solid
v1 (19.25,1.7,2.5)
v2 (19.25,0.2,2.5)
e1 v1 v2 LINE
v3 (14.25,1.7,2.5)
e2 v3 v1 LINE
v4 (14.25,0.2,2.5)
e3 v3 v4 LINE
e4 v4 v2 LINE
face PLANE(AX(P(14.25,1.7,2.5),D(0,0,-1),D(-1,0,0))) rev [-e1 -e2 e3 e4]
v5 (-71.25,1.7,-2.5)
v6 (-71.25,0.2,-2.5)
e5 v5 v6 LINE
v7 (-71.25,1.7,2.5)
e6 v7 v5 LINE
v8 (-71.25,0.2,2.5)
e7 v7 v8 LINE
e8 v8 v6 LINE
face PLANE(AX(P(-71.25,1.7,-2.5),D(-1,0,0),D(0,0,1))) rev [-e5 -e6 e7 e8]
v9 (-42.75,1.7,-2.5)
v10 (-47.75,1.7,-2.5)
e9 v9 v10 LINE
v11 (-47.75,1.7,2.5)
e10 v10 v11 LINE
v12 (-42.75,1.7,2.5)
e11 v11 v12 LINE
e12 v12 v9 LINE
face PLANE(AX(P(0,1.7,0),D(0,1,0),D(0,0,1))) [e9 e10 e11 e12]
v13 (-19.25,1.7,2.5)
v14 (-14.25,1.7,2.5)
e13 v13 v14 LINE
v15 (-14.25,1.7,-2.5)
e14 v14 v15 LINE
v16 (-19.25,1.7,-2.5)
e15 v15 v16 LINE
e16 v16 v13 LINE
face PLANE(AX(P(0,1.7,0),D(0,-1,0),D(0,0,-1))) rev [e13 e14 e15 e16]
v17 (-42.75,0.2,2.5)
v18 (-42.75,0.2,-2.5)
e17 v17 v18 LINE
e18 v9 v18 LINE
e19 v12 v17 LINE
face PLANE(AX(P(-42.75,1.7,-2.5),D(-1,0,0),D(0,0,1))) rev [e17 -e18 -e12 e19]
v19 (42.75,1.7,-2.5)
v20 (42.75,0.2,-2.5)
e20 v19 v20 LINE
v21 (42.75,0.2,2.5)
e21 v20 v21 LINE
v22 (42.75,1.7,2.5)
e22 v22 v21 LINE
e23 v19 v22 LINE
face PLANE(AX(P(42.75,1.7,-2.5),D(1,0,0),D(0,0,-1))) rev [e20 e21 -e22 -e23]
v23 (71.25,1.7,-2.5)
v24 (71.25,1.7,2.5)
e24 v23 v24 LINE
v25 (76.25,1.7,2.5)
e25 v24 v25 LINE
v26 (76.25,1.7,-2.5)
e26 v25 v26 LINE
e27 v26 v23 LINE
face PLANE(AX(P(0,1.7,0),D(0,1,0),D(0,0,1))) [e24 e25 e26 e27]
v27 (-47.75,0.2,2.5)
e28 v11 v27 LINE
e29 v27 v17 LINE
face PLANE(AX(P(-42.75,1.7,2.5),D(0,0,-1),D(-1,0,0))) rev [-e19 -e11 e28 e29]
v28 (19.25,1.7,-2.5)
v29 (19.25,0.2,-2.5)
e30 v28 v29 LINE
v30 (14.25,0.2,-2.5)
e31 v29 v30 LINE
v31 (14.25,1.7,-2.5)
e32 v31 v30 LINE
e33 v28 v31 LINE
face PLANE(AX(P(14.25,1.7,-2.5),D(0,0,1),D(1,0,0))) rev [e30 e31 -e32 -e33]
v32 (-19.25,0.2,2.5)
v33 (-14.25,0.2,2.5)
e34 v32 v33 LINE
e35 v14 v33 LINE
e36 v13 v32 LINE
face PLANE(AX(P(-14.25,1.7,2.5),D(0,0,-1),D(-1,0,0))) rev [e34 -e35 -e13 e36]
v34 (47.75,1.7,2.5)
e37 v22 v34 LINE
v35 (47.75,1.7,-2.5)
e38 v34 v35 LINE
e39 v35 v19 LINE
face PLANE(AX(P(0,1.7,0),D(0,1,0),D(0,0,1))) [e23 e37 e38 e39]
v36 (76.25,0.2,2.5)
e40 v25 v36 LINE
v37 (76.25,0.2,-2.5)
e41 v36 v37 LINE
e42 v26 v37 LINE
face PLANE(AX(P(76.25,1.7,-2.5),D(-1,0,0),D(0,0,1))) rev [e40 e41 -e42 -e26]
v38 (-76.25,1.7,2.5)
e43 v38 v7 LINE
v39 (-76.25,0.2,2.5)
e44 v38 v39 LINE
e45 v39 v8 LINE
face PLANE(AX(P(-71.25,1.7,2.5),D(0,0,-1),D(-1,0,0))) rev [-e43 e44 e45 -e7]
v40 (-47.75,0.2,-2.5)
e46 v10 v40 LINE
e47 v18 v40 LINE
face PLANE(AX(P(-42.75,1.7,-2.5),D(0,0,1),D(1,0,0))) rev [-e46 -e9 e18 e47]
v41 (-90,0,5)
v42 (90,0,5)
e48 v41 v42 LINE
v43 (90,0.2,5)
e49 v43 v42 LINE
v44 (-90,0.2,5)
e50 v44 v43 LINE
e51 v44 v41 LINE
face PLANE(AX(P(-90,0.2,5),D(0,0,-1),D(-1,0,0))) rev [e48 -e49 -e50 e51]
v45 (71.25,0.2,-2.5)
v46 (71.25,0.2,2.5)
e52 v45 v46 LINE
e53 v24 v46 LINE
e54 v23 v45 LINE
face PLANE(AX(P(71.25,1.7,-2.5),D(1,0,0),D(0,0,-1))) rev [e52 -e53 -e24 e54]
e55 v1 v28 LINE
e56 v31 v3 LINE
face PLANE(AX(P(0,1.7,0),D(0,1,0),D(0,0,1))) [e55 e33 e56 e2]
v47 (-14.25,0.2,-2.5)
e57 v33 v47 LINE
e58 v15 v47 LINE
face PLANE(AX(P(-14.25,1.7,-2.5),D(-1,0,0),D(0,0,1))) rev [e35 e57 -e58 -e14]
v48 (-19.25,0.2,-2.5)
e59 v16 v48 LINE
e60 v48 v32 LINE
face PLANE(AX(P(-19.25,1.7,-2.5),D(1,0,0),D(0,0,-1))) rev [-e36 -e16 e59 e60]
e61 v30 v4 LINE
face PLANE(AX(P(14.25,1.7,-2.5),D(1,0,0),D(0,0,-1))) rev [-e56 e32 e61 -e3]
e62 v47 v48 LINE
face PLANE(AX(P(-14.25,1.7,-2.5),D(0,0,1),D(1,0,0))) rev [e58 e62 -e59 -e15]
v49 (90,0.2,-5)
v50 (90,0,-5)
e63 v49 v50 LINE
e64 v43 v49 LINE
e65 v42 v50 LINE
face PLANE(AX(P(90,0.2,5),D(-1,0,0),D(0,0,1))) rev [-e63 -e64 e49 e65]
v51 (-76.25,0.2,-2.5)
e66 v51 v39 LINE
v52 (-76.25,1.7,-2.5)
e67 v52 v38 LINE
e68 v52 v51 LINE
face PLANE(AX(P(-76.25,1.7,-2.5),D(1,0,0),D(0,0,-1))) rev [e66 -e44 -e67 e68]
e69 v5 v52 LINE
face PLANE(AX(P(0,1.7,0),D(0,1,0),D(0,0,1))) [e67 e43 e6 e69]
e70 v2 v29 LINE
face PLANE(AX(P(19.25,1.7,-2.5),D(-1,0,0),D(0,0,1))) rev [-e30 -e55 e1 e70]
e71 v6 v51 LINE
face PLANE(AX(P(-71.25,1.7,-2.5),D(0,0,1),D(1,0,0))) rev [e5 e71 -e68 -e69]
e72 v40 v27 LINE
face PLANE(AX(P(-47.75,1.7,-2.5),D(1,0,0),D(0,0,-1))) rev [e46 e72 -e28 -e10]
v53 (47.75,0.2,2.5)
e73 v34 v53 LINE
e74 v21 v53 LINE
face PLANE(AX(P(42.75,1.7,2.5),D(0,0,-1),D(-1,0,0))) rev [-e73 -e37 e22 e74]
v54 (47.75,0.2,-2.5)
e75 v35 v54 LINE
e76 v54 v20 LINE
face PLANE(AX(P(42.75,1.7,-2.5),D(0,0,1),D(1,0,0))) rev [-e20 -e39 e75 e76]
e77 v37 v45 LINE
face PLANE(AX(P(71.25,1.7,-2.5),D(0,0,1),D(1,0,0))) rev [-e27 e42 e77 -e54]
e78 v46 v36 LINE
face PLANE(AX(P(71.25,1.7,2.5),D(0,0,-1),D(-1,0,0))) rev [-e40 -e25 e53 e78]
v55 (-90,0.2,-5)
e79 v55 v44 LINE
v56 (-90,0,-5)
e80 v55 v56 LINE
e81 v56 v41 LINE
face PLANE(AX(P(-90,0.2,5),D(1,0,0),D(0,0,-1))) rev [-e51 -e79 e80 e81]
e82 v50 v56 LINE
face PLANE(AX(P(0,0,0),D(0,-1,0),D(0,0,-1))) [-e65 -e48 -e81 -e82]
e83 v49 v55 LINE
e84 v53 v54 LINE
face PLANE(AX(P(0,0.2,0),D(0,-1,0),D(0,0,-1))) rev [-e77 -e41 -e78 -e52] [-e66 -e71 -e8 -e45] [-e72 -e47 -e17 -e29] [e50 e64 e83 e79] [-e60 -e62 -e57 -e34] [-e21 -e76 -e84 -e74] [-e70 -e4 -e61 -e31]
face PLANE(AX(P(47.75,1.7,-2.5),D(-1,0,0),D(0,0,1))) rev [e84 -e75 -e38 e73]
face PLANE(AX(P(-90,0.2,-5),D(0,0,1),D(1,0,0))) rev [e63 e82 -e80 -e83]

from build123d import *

# Parameters (mm, degrees)
ESQUISSE1_W        = 180
ESQUISSE1_H        = 10
BOSS_EXTRU_1_DEPTH = 0.2
ESQUISSE3_W        = 5
ESQUISSE3_H        = 5
BOSS_EXTRU_2_DEPTH = 1.5


with BuildPart() as part:
    # Esquisse1 → Boss.-Extru.1 (new body)
    with BuildSketch(Plane(origin=(0, 0, 0), x_dir=(1, 0, 0), z_dir=(0, 1, 0))):
        Rectangle(ESQUISSE1_W, ESQUISSE1_H)
    extrude(amount=BOSS_EXTRU_1_DEPTH)

    # Esquisse3 → Boss.-Extru.2 (add)
    with BuildSketch(Plane(origin=(0, 0.2, 0), x_dir=(1, 0, 0), z_dir=(0, 1, 0))):
        with Locations((45.25, 0)):
            Rectangle(ESQUISSE3_W, ESQUISSE3_H)
        with Locations((16.75, 0)):
            Rectangle(ESQUISSE3_W, ESQUISSE3_H)
        with Locations((73.75, 0)):
            Rectangle(ESQUISSE3_W, ESQUISSE3_H)
        with Locations((-73.75, 0)):
            Rectangle(ESQUISSE3_W, ESQUISSE3_H)
        with Locations((-45.25, 0)):
            Rectangle(ESQUISSE3_W, ESQUISSE3_H)
        with Locations((-16.75, 0)):
            Rectangle(ESQUISSE3_W, ESQUISSE3_H)
    extrude(amount=BOSS_EXTRU_2_DEPTH)


solid = part.part
